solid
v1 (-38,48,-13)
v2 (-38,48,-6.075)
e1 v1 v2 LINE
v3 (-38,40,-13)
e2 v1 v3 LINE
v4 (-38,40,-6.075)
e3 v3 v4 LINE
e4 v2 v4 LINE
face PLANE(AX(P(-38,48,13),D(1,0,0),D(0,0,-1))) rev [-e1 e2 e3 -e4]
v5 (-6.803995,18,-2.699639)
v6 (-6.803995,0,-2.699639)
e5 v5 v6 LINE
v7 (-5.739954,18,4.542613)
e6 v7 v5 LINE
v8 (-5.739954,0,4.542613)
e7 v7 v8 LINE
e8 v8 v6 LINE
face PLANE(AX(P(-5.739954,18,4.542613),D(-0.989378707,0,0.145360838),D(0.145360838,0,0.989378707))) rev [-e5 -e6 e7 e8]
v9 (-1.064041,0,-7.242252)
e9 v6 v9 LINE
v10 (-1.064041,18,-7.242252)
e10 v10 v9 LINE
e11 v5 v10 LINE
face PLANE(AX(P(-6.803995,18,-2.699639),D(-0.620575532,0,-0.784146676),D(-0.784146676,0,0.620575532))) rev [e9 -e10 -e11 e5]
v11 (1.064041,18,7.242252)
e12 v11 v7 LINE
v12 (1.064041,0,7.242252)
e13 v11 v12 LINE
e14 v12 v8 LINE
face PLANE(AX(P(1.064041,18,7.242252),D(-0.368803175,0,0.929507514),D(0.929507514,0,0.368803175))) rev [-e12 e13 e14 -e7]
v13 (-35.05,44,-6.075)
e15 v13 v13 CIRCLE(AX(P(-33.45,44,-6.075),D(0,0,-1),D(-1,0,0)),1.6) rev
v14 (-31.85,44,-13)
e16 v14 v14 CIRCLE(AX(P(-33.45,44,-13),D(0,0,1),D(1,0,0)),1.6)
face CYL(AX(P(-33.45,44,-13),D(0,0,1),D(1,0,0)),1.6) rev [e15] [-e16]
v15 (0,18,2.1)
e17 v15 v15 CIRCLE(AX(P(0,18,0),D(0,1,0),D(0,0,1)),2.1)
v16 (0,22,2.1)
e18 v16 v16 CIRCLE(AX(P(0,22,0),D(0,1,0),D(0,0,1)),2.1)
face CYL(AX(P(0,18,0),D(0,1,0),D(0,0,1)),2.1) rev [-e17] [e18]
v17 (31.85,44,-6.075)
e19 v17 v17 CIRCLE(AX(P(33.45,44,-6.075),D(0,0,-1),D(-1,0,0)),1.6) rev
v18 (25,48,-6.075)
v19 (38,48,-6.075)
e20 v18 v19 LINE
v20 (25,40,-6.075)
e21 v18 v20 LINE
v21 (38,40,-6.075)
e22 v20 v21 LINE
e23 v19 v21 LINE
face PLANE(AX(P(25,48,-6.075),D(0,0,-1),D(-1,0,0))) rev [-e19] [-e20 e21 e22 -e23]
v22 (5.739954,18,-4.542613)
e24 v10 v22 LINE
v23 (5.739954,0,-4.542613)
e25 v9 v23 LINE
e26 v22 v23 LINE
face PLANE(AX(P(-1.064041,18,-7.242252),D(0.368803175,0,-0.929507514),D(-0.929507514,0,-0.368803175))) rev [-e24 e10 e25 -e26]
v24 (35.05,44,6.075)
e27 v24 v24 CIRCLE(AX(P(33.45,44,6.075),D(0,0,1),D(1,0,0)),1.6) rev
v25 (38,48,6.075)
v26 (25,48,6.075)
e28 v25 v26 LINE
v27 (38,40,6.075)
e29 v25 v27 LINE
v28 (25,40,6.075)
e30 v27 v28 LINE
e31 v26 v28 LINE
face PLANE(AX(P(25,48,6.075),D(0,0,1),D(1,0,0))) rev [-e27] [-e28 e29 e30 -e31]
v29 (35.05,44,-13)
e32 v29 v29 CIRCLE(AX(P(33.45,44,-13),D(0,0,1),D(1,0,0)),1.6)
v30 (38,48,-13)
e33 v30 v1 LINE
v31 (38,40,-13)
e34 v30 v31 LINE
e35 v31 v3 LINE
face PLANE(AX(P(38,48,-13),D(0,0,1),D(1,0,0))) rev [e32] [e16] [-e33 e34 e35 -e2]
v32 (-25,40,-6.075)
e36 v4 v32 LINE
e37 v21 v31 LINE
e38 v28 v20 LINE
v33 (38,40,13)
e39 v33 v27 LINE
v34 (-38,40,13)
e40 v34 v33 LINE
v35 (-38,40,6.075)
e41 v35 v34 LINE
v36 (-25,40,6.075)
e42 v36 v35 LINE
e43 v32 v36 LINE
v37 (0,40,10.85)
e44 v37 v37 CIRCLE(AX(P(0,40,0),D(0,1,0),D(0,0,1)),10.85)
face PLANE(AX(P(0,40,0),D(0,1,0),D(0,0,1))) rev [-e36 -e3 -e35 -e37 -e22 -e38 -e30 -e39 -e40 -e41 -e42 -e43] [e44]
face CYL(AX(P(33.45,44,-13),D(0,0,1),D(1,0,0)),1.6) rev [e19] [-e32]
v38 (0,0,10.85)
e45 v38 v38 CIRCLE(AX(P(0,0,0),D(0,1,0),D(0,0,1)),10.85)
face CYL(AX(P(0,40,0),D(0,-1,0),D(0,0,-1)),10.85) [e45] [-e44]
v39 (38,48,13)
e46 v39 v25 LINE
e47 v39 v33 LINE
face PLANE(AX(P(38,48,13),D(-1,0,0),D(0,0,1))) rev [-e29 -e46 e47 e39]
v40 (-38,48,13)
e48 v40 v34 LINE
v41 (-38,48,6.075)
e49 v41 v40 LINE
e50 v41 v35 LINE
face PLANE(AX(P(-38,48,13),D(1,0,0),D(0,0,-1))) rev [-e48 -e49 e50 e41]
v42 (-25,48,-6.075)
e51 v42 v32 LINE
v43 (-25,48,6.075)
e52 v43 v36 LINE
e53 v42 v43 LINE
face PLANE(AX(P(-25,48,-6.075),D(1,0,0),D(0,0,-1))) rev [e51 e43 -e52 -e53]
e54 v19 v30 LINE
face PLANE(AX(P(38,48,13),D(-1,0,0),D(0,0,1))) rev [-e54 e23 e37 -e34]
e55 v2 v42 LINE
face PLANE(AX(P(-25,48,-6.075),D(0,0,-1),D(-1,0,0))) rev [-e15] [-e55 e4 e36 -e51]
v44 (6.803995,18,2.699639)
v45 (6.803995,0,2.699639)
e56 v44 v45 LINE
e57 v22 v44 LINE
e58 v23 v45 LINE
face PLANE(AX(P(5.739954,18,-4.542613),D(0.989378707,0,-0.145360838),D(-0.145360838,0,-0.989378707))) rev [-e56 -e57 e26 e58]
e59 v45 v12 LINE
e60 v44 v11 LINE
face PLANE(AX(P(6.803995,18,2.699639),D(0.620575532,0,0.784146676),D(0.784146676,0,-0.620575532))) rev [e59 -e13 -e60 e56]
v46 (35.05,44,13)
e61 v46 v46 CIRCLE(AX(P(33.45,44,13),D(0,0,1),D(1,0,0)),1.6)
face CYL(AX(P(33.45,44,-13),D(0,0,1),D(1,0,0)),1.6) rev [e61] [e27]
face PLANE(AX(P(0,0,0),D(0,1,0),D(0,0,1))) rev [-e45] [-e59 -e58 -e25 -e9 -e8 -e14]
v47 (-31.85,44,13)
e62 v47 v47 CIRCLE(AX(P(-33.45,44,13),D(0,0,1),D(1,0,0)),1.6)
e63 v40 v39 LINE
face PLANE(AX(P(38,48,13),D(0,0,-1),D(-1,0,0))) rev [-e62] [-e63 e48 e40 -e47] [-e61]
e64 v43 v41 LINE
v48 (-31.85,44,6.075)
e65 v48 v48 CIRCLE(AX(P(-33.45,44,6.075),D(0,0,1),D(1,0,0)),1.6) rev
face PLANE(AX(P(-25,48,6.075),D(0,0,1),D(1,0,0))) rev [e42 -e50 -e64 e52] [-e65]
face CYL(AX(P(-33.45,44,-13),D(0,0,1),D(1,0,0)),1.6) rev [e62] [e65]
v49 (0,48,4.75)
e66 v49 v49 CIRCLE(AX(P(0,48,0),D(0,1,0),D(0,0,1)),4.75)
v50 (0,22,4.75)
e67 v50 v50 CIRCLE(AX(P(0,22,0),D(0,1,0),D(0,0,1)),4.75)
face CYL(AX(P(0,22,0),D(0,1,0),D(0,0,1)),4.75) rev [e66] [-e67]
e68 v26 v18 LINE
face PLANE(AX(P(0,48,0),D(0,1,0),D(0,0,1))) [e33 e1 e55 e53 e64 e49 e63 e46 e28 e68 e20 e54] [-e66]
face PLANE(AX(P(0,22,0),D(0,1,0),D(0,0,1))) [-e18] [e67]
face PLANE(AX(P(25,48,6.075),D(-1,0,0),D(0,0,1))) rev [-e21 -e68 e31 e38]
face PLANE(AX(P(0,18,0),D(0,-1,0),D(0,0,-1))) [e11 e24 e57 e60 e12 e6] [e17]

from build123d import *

# Parameters (mm, degrees)
SKETCH_10_R         = 10.85
EXTRUDE_5_DEPTH     = 40
CUT_EXTRUDE_1_DEPTH = 18
SKETCH_12_R         = 4.75
CUT_EXTRUDE_2_DEPTH = 18
SKETCH_13_R         = 2.1
CUT_EXTRUDE_3_DEPTH = 4
SKETCH_14_W         = 76
SKETCH_14_H         = 26
EXTRUDE_8_DEPTH     = 8
SKETCH_15_R         = 4.75
CUT_EXTRUDE_4_DEPTH = 8
SKETCH_16_R         = 1.6
CUT_EXTRUDE_5_DEPTH = 26
SKETCH_17_W         = 13
SKETCH_17_H         = 12.15
CUT_EXTRUDE_6_DEPTH = 8


with BuildPart() as part:
    # 草图10 → 凸台-拉伸5 (new body)
    with BuildSketch(Plane(origin=(0, 0, 0), x_dir=(1, 0, 0), z_dir=(0, 1, 0))):
        Circle(SKETCH_10_R)
    extrude(amount=EXTRUDE_5_DEPTH)

    # 草图11 → 切除-拉伸1 (cut)
    with BuildSketch(Plane(origin=(0, 0, 0), x_dir=(-1, 0, 0), z_dir=(0, -1, 0))):
        Polygon((5.739953665, -4.542612896), (6.803995, 2.699639243), (1.064041335, 7.242252139), (-5.739953665, 4.542612896), (-6.803995, -2.699639243), (-1.064041335, -7.242252139), align=None)
    extrude(amount=-CUT_EXTRUDE_1_DEPTH, mode=Mode.SUBTRACT)

    # 草图12 → 切除-拉伸2 (cut)
    with BuildSketch(Plane(origin=(0, 40, 0), x_dir=(1, 0, 0), z_dir=(0, 1, 0))):
        Circle(SKETCH_12_R)
    extrude(amount=-CUT_EXTRUDE_2_DEPTH, mode=Mode.SUBTRACT)

    # 草图13 → 切除-拉伸3 (cut)
    with BuildSketch(Plane(origin=(0, 22, 0), x_dir=(1, 0, 0), z_dir=(0, 1, 0))):
        Circle(SKETCH_13_R)
    extrude(amount=-CUT_EXTRUDE_3_DEPTH, mode=Mode.SUBTRACT)

    # 草图14 → 凸台-拉伸8 (add)
    with BuildSketch(Plane(origin=(0, 40, 0), x_dir=(1, 0, 0), z_dir=(0, 1, 0))):
        Rectangle(SKETCH_14_W, SKETCH_14_H)
    extrude(amount=EXTRUDE_8_DEPTH)

    # 草图15 → 切除-拉伸4 (cut)
    with BuildSketch(Plane(origin=(0, 48, 0), x_dir=(1, 0, 0), z_dir=(0, 1, 0))):
        Circle(SKETCH_15_R)
    extrude(amount=-CUT_EXTRUDE_4_DEPTH, mode=Mode.SUBTRACT)

    # 草图16 → 切除-拉伸5 (cut)
    with BuildSketch(Plane.XY.offset(13)):
        with Locations((-33.45, 44)):
            Circle(SKETCH_16_R)
        with Locations((33.45, 44)):
            Circle(SKETCH_16_R)
    extrude(amount=-CUT_EXTRUDE_5_DEPTH, mode=Mode.SUBTRACT)

    # 草图17 → 切除-拉伸6 (cut)
    with BuildSketch(Plane.XZ.offset(-40)):
        with Locations((31.5, 0)):
            Rectangle(SKETCH_17_W, SKETCH_17_H)
        with Locations((-31.5, 0)):
            Rectangle(SKETCH_17_W, SKETCH_17_H)
    extrude(amount=-CUT_EXTRUDE_6_DEPTH, mode=Mode.SUBTRACT)


solid = part.part
